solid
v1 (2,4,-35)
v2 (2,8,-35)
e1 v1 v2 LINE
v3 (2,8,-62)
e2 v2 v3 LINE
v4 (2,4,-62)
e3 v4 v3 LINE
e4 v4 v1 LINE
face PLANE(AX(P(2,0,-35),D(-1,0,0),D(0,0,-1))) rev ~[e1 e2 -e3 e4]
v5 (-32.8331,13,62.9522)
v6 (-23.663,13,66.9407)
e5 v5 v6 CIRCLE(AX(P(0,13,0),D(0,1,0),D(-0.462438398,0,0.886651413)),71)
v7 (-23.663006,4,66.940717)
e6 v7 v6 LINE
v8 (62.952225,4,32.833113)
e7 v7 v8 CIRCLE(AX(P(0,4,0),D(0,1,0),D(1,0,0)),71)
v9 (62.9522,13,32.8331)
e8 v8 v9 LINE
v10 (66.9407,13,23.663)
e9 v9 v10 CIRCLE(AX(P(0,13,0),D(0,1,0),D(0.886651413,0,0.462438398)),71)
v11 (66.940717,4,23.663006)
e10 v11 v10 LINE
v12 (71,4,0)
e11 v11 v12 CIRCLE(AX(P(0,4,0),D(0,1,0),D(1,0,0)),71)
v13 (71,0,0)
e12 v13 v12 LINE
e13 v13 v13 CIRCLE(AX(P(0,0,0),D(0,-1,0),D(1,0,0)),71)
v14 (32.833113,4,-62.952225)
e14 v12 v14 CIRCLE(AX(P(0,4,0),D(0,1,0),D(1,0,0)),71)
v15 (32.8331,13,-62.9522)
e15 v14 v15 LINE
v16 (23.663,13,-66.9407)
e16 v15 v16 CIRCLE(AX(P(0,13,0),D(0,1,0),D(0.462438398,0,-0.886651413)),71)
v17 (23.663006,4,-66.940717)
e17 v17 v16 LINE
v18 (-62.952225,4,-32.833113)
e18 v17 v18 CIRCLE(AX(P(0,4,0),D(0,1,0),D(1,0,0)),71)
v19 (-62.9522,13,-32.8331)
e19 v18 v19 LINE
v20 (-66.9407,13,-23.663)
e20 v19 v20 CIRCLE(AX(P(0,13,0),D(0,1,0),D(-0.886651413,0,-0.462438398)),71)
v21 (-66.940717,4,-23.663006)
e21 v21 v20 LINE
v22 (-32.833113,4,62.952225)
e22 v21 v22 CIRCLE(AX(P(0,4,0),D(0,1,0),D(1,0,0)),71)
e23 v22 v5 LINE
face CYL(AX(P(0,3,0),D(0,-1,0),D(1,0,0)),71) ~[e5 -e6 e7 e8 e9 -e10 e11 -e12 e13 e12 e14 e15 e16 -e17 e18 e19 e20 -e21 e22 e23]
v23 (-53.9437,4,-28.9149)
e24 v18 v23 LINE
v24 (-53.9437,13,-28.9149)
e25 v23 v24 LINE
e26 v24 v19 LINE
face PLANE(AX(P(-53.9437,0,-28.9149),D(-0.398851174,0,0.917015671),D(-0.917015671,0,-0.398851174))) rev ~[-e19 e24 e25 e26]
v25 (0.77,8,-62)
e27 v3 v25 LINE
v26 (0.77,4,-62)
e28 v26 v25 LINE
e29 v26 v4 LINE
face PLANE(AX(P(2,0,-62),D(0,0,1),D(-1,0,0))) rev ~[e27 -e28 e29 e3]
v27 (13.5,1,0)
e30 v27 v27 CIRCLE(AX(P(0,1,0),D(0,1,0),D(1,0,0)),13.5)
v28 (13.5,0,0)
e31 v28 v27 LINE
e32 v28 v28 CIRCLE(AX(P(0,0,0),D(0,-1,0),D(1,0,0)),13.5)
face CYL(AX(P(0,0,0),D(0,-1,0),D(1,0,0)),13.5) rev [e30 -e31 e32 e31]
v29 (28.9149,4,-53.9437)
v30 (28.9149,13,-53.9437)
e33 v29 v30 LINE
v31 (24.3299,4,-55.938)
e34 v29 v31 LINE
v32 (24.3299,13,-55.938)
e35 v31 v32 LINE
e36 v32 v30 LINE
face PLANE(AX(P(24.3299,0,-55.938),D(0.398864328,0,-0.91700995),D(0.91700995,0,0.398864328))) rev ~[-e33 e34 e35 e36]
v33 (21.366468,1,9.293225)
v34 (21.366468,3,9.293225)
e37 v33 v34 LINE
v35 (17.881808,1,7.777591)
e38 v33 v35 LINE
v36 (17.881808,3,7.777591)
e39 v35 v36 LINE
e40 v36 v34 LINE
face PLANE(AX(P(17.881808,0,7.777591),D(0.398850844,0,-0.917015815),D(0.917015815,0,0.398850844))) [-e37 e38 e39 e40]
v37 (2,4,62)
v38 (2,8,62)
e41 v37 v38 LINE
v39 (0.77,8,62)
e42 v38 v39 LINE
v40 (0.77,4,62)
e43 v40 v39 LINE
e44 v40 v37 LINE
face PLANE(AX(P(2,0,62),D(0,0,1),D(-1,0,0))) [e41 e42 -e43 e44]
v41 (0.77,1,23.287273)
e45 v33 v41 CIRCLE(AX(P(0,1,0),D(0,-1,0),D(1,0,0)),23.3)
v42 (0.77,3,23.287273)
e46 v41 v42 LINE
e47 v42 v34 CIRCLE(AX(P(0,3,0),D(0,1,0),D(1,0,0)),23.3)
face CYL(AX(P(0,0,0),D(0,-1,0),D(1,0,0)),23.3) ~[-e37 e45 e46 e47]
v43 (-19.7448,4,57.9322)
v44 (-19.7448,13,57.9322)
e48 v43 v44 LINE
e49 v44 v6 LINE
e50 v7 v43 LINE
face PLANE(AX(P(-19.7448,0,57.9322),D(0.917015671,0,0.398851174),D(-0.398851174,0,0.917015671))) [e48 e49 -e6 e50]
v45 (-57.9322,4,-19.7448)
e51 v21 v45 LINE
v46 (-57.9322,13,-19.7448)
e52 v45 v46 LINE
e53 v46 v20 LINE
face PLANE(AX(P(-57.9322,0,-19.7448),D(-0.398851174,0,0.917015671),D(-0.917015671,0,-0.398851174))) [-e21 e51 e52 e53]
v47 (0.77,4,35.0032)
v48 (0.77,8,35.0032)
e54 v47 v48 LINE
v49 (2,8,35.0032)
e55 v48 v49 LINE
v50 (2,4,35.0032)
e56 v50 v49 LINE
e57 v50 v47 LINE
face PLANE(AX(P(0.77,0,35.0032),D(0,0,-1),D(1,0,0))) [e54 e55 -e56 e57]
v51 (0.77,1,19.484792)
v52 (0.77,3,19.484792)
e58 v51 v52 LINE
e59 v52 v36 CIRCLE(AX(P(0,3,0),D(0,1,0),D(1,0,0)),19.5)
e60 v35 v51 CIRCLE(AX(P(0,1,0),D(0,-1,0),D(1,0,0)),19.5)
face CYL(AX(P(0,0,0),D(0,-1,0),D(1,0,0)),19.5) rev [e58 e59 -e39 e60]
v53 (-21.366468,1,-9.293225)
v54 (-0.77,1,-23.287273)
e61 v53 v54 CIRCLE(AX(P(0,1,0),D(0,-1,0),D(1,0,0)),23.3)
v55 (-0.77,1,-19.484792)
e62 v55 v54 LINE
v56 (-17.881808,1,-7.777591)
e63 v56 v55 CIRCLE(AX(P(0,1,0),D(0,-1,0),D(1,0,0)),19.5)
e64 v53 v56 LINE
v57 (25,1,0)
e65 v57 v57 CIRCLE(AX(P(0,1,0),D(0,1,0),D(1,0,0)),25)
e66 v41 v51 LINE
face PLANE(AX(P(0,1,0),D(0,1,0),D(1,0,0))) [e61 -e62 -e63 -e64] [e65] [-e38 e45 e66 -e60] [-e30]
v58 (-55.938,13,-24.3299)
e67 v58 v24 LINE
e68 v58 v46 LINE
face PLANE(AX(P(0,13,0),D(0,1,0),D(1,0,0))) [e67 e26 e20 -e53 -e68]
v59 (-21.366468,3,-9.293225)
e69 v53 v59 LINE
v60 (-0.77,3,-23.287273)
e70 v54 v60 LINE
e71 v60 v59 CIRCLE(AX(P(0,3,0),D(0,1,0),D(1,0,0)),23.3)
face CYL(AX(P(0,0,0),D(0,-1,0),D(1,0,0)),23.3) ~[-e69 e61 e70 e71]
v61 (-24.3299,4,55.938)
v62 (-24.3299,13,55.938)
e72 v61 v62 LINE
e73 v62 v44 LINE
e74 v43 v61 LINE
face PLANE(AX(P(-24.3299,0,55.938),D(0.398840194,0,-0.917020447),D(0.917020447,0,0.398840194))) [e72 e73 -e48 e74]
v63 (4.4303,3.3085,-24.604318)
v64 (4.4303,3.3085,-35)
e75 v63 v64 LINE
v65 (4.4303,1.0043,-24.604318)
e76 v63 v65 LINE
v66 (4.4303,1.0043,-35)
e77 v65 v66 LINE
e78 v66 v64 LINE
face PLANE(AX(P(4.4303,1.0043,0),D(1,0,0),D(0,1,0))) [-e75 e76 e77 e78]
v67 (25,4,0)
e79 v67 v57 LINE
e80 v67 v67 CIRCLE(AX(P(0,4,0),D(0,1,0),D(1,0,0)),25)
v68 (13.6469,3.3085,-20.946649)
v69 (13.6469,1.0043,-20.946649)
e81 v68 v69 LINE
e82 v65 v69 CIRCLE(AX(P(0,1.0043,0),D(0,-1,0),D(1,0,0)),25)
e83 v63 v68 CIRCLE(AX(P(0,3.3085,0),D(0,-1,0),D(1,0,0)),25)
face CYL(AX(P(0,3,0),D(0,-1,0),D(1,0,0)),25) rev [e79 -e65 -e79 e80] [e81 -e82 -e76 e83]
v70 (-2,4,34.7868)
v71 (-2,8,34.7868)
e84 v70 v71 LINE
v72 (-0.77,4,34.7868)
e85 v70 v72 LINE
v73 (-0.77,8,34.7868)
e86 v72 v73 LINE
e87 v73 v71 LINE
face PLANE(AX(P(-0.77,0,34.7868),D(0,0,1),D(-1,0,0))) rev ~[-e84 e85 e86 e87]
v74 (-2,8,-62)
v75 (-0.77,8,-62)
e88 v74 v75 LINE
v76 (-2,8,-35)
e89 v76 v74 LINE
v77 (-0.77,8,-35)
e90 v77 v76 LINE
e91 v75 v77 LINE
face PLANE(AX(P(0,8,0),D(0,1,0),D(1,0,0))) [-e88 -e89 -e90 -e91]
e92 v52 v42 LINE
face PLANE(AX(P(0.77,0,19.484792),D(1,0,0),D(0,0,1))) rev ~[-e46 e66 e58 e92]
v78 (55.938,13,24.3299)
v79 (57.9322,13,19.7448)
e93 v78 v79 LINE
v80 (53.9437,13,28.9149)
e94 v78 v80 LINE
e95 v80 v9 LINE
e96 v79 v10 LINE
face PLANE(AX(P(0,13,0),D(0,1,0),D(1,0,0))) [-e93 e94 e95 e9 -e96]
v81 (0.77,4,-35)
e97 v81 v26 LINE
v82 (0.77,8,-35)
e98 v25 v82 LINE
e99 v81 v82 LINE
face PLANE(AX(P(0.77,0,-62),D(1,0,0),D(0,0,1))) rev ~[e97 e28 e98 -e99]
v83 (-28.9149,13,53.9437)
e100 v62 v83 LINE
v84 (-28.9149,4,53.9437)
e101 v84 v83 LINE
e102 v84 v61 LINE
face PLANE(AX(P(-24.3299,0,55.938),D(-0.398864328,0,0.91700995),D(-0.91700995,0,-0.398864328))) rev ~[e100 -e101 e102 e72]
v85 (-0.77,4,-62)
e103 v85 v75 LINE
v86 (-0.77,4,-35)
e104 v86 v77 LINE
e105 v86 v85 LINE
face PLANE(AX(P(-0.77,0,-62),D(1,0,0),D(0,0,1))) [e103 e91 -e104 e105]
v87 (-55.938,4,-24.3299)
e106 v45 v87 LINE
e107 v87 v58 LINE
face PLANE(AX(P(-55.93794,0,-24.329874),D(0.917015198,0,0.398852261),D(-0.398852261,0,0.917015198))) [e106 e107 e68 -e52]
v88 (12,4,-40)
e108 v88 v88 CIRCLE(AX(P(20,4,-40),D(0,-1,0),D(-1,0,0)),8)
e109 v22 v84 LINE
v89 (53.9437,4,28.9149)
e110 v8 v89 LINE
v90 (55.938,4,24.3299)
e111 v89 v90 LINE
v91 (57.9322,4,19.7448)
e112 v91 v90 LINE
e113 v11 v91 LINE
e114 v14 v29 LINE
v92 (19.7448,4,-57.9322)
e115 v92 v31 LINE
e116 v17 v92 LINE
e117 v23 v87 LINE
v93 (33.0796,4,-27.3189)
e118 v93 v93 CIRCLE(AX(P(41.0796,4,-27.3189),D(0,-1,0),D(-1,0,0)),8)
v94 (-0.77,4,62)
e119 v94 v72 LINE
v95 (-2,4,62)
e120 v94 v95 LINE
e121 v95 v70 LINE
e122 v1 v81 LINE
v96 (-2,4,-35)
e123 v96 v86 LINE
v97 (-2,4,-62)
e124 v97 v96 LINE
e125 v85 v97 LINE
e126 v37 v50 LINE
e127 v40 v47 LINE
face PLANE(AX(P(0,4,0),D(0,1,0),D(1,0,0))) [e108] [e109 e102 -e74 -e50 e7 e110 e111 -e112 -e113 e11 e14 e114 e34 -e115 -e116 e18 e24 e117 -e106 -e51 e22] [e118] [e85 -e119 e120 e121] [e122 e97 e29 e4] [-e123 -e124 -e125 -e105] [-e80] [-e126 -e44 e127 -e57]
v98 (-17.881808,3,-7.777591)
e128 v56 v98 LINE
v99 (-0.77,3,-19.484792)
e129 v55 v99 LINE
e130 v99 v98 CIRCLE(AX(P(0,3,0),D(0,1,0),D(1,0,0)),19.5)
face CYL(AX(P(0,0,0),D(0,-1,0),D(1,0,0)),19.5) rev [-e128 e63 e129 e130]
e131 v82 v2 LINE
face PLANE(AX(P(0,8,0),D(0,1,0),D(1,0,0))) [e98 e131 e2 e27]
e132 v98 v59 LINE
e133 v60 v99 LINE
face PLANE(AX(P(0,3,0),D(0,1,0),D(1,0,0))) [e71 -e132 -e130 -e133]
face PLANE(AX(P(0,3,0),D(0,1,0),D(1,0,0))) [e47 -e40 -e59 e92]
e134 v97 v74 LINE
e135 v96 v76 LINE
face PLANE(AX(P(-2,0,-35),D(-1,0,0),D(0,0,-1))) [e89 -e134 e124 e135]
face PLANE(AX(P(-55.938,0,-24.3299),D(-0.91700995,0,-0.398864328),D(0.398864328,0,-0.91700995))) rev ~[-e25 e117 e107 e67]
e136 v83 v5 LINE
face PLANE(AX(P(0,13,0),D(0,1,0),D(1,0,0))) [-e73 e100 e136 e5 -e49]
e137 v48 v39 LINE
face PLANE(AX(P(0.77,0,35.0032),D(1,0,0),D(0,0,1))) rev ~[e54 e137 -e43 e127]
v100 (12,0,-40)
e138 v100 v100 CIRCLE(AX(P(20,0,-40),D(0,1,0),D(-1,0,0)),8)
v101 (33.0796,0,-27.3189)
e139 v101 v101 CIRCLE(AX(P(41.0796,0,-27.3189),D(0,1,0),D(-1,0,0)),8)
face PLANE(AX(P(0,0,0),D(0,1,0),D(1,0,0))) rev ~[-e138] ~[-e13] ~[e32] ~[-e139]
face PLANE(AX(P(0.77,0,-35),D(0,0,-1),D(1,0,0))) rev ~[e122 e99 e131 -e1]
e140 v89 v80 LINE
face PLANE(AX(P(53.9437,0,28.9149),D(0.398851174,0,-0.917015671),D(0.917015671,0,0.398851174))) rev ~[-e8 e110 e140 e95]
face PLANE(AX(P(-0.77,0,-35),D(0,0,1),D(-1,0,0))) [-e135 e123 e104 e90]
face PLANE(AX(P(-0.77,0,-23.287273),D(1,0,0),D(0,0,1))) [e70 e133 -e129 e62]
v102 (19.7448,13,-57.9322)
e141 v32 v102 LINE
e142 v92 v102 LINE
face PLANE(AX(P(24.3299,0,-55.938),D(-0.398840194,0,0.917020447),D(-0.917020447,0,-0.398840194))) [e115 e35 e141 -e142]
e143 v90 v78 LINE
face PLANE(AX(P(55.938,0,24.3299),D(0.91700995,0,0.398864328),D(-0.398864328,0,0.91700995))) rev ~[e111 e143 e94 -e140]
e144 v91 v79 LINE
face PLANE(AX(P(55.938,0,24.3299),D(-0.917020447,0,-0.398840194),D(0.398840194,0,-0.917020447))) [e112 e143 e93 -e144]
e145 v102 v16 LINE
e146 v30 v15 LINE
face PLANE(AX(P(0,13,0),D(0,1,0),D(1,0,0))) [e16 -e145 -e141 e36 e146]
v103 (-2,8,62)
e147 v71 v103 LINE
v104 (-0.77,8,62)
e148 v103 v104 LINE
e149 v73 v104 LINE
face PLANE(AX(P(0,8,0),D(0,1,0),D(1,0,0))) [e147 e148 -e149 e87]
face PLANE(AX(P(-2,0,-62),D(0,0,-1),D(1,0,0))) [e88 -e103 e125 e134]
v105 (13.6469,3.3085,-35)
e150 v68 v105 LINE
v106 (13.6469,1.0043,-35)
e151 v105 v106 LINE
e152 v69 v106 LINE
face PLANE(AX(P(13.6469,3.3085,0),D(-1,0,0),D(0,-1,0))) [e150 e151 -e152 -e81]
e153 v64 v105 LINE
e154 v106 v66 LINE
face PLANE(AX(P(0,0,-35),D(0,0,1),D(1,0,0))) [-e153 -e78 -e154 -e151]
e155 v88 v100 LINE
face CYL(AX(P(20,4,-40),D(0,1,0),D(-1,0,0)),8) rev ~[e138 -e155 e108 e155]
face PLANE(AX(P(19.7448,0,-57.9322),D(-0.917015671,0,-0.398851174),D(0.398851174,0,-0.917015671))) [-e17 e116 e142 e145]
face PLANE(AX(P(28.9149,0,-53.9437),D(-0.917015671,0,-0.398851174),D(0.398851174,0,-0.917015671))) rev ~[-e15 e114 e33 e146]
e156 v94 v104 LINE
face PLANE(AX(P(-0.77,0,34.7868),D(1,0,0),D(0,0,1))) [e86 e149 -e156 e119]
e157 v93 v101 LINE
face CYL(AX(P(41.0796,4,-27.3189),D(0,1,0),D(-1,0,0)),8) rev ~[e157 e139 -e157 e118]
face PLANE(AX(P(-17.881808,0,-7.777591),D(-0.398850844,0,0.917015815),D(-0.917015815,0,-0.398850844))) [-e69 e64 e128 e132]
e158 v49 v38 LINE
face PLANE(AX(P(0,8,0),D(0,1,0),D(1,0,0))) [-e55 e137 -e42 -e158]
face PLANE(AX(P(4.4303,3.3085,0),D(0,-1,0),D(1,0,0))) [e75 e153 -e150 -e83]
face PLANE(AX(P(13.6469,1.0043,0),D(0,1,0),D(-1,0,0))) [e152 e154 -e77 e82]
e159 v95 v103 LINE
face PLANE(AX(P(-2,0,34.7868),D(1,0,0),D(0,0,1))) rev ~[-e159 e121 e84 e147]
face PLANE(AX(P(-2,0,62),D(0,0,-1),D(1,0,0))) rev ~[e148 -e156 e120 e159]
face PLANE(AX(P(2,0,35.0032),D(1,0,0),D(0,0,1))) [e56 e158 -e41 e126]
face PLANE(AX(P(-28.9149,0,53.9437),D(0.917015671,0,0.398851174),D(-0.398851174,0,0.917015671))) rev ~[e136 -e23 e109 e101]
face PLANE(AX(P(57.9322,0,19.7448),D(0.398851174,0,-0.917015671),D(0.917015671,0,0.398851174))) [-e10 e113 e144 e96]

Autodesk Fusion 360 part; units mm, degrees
sketch "Sketch1" plane through (0, 0, 0) normal (0, 1, 0) x (1, 0, 0)
  circle A0 centre (0, 0) radius 13.5
  circle A1 centre (0, 0) radius 19.35
  circle A2 centre (0, 0) radius 19.5
  circle A3 centre (0, 0) radius 23.3
  circle A4 centre (0, 0) radius 71
  line L0 (0, 0) -> (0, 71)
  line L1 (0, 0) -> (0, -71)
  line L2 (0, 0) -> (0.77, 0)
  line L3 (0.77, 0) -> (0.77, -76)
  line L4 (0.77, -76) -> (0, -76)
  line L5 (0, -76) -> (0, 0)
  line L6 (0, 0) -> (-0.77, 0)
  line L7 (-0.77, 0) -> (-0.77, -76)
  line L8 (-0.77, -76) -> (0, -76)
  line L9 (0, -76) -> (0, 0)
  line L10 (-0.77, 0) -> (0, 0)
  line L11 (0, 0) -> (0, 73)
  line L12 (0, 73) -> (-0.77, 73)
  line L13 (-0.77, 73) -> (-0.77, 0)
  line L14 (0, 73) -> (0.77, 73)
  line L15 (0.77, 73) -> (0.77, 0)
  line L16 (0.77, 0) -> (0, 0)
  line L17 (0, 0) -> (0, 73)
  line L18 (0, 0) -> (0, 35)
  line L19 (0, 0) -> (0, -35)
  line L20 (-0.77, 35) -> (-2, 35)
  line L21 (-2, 35) -> (-2, 62)
  line L22 (-2, 62) -> (-0.77, 62)
  line L23 (-0.77, 62) -> (-0.77, 35)
  line L24 (0.77, 35) -> (2, 35)
  line L25 (2, 35) -> (2, 62)
  line L26 (2, 62) -> (0.77, 62)
  line L27 (0.77, 62) -> (0.77, 35)
  line L28 (0.77, -35.0032) -> (2, -35.0032)
  line L29 (2, -35.0032) -> (2, -62)
  line L30 (2, -62) -> (0.77, -62)
  line L31 (0.77, -62) -> (0.77, -35.0032)
  line L32 (-0.77, -34.7868) -> (-2, -34.7868)
  line L33 (-2, -34.7868) -> (-2, -62)
  line L34 (-2, -62) -> (-0.77, -62)
  line L35 (-0.77, -62) -> (-0.77, -34.7868)
  line L36 (0, 0) -> (65.1081, -28.3184)
  line L37 (0, 0) -> (-28.3184, -65.1081)
  line L38 (-28.3184, -65.1081) -> (28.3184, 65.1081)
  line L39 (28.3184, 65.1081) -> (24.3299, 55.938)
  line L40 (0, 0) -> (-65.1081, 28.3184)
  line L41 (-65.1081, 28.3184) -> (-55.938, 24.3299)
  line L42 (65.1081, -28.3184) -> (55.938, -24.3299)
  line L43 (-28.3184, -65.1081) -> (-24.3299, -55.938)
  line L44 (-55.938, 24.3299) -> (-53.9437, 28.9149)
  line L45 (24.3299, 55.938) -> (28.9149, 53.9437)
  line L46 (55.938, -24.3299) -> (57.9322, -19.7448)
  line L47 (-24.3299, -55.938) -> (-19.7448, -57.9322)
  line L48 (-53.9437, 28.9149) -> (-62.9522, 32.8331)
  line L49 (-53.9437, 28.9149) -> (-57.9322, 19.7448)
  line L50 (-57.9322, 19.7448) -> (-66.9407, 23.663)
  line L51 (-24.3299, -55.938) -> (-28.9149, -53.9437)
  line L52 (-28.9149, -53.9437) -> (-32.8331, -62.9522)
  line L53 (-19.7448, -57.9322) -> (-23.663, -66.9407)
  line L54 (57.9322, -19.7448) -> (66.9407, -23.663)
  line L55 (55.938, -24.3299) -> (53.9437, -28.9149)
  line L56 (53.9437, -28.9149) -> (62.9522, -32.8331)
  line L57 (28.9149, 53.9437) -> (32.8331, 62.9522)
  line L58 (24.3299, 55.938) -> (19.7448, 57.9322)
  line L59 (19.7448, 57.9322) -> (23.663, 66.9407)
  circle A5 centre (0, 0) radius 25
  dimension "d1" = 27
  dimension "d2" = 38.7
  dimension "d3" = 39
  dimension "d4" = 46.6
  dimension "d5" = 142
  dimension "d6" = 0.77
  dimension "d7" = 0.77
  dimension "d8" = 35
  dimension "d9" = 35
  dimension "d10" = 10
  dimension "d11" = 10
  dimension "d12" = 10
  dimension "d13" = 10
  dimension "d14" = 5
  dimension "d15" = 5
  dimension "d16" = 5
  dimension "d17" = 5
  dimension "d18" = 10
  dimension "d19" = 5
  dimension "d20" = 5
  dimension "d21" = 5
  dimension "d22" = 50
extrude "Extrude1" add sketch "Sketch1" along normal blind 3 contours A4 L15 L24 L25 L26 L38 L58 L59 A5 | A4 L36 L38 L45 L46 L54 L57 A5 | A4 L3 L28 L29 L30 L36 L55 L56 A5 | A4 L0 L11 L15 L17 L18 L27 A5 | A4 L38 L39 L58 L59 | A4 L38 L39 L45 L57 | A4 L1 L3 L5 L9 L19 L31 A5 | A4 L36 L42 L46 L54 | A4 L36 L42 L55 L56 | A4 L0 L11 L13 L17 L18 L23 A5 | L15 L24 L25 L26 L27 | A4 L1 L5 L7 L9 L19 L35 A5 | L3 L28 L29 L30 L31 | A4 L13 L20 L21 L22 L40 L44 L48 L49 A5 | A4 L7 L32 L33 L34 L37 L38 L47 L53 A5 | A4 L37 L38 L40 L49 L50 L51 L52 A5 | L13 L20 L21 L22 L23 | L7 L32 L33 L34 L35 | A4 L40 L41 L49 L50 | A4 L40 L41 L44 L48 L49 | A4 L37 L38 L43 L47 L53 | A4 L37 L38 L43 L51 L52
extrude "Extrude2" add sketch "Sketch1" along normal blind 13 contours A4 L38 L39 L58 L59 | A4 L38 L39 L45 L57 | A4 L36 L42 L46 L54 | A4 L36 L42 L55 L56 | A4 L40 L41 L49 L50 | A4 L40 L41 L44 L48 L49 | A4 L37 L38 L43 L47 L53 | A4 L37 L38 L43 L51 L52
extrude "Extrude3" add sketch "Sketch1" along normal blind 8 contours L15 L24 L25 L26 L27 | L3 L28 L29 L30 L31 | L13 L20 L21 L22 L23 | L7 L32 L33 L34 L35
extrude "Extrude4" add 1 faces at (37.708, 3, 34.8341) along direction (0, 1, 0) blind 1
sketch "Sketch2" plane through (0, 4, 0) normal (0, 1, 0) x (-1, 0, 0)
  line L0 (-0.77, -62) -> (-2, -62)
  line L1 (-2, -62) -> (-2, -35)
  line L2 (-2, -35) -> (-0.77, -35)
  line L3 (-0.77, -35) -> (-0.77, -62)
  line L4 (0.77, 62) -> (2, 62)
  line L5 (2, 62) -> (2, 34.7868)
  line L6 (2, 34.7868) -> (0.77, 34.7868)
  line L7 (0.77, 34.7868) -> (0.77, 62)
  line L8 (0.77, -62) -> (0.77, -35)
  line L9 (0.77, -35) -> (2, -35)
  line L10 (2, -35) -> (2, -62)
  line L11 (2, -62) -> (0.77, -62)
  line L12 (-0.77, 62) -> (-0.77, 35.0032)
  line L13 (-0.77, 35.0032) -> (-2, 35.0032)
  line L14 (-2, 35.0032) -> (-2, 62)
  line L15 (-2, 62) -> (-0.77, 62)
  circle A0 centre (0, 0) radius 25
  line L16 (-62.9522, 32.8331) -> (-53.9437, 28.9149)
  line L17 (-53.9437, 28.9149) -> (-57.9322, 19.7448)
  line L18 (-57.9322, 19.7448) -> (-66.9407, 23.663)
  arc A1 (-66.9407, 23.663) -> (-32.8331, -62.9522) centre (0, 0) ccw
  line L19 (-32.8331, -62.9522) -> (-28.9149, -53.9437)
  line L20 (-28.9149, -53.9437) -> (-19.7448, -57.9322)
  line L21 (-19.7448, -57.9322) -> (-23.663, -66.9407)
  arc A2 (-23.663, -66.9407) -> (62.9522, -32.8331) centre (0, 0) ccw
  line L22 (62.9522, -32.8331) -> (53.9437, -28.9149)
  line L23 (53.9437, -28.9149) -> (57.9322, -19.7448)
  line L24 (57.9322, -19.7448) -> (66.9407, -23.663)
  arc A3 (66.9407, -23.663) -> (32.8331, 62.9522) centre (0, 0) ccw
  line L25 (32.8331, 62.9522) -> (28.9149, 53.9437)
  line L26 (28.9149, 53.9437) -> (19.7448, 57.9322)
  line L27 (19.7448, 57.9322) -> (23.663, 66.9407)
  arc A4 (23.663, 66.9407) -> (-62.9522, 32.8331) centre (0, 0) ccw
  line L28 (0, 0) -> (-20, -40)
  circle A5 centre (-20, -40) radius 8
  line L29 (-20, -40) -> (-12.8446, -43.5777)
  line L30 (-20, -40) -> (-54.5328, -19.2256)
  line L31 (-26.8552, -35.8761) -> (-34.2244, -31.4428)
  line L32 (-34.2244, -31.4428) -> (-41.0796, -27.3189)
  circle A6 centre (-41.0796, -27.3189) radius 8
  dimension "d31" = 16
  dimension "d32" = 40.3
  dimension "d33" = 8.6
  dimension "d34" = 8
  dimension "d35" = 16
extrude "Extrude5" cut sketch "Sketch2" against normal blind 36 contours L28 A5 L29 | L28 A5 L30 | A5 L29 L30 | L30 L32 A6 | L30 L32 A6
extrude "Extrude6" add sketch "Sketch1" along normal blind 1 contours A0 L3 L15 L36 L38 | A0 A1 L36 L38 | A0 L15 L38 | A0 A1 L15 L38 | A0 A1 L3 L36 | A0 L3 L36 | A0 L0 L11 L15 L17 L18 L38 | A0 A1 L0 L11 L15 L17 L18 | L2 L15 L16 L38 | A1 A2 L36 L38 | A1 A2 L15 L38 | A0 A1 L1 L3 L5 L9 L19 | A0 L1 L3 L5 L9 L19 L36 | L2 L3 L16 L36 | A1 A2 L3 L36 | A0 L0 L11 L13 L17 L18 L40 | A0 A1 L0 L11 L13 L17 L18 | A1 A2 L0 L11 L15 L17 L18 | L6 L7 L10 L37 L38 | A0 L1 L5 L7 L9 L19 L37 L38 | L6 L10 L13 L40 | A2 A3 L36 L38 | A2 A3 L15 L38 | A0 A1 L1 L5 L7 L9 L19 | A1 A2 L1 L3 L5 L9 L19 | A2 A3 L3 L36 | A0 L13 L40 | A0 A1 L13 L40 | A1 A2 L0 L11 L13 L17 L18 | A2 A3 L0 L11 L15 L17 L18 | A0 L7 L13 L37 L38 L40 | A0 L7 L37 L38 | A3 L36 L38 A5 | A3 L15 L38 A5 | A0 A1 L7 L37 L38 | A1 A2 L1 L5 L7 L9 L19 | A2 A3 L1 L3 L5 L9 L19 | A3 L3 L36 A5 | A0 A1 L37 L38 L40 | A1 A2 L13 L40 | A2 A3 L0 L11 L13 L17 L18 | A3 L0 L11 L15 L17 L18 A5 | A1 A2 L7 L37 L38 | A2 A3 L1 L5 L7 L9 L19 | A3 L1 L3 L5 L9 L19 A5 | A1 A2 L37 L38 L40 | A2 A3 L13 L40 | A3 L0 L11 L13 L17 L18 A5 | A2 A3 L7 L37 L38 | A3 L1 L5 L7 L9 L19 A5 | A2 A3 L37 L38 L40 | A3 L13 L40 A5 | A3 L7 L37 L38 A5 | A3 L37 L38 L40 A5
sketch "Sketch3" plane through (0, 0, 0) normal (0, 0, 1) x (1, 0, 0)
  line L0 (4.4303, 3.3085) -> (13.6469, 3.3085)
  line L1 (13.6469, 3.3085) -> (13.6469, 1.0043)
  line L2 (13.6469, 1.0043) -> (4.4303, 1.0043)
  line L3 (4.4303, 1.0043) -> (4.4303, 3.3085)
extrude "Extrude7" cut sketch "Sketch3" against normal blind 35
sketch "Sketch4" plane through (0, 1, 0) normal (0, 1, 0) x (-1, 0, 0)
  circle A0 centre (0, 0) radius 25
  circle A1 centre (-5.7905, -31.8479) radius 4.9823
sketch "Sketch5" plane through (0, 1, 0) normal (0, 1, 0) x (-1, 0, 0)
sketch "Sketch6" plane through (0, 0, 0) normal (0, 0, 1) x (1, 0, 0)
  circle A0 centre (0, 8.5) radius 1.5
  dimension "d42" = 3
extrude "Extrude8" cut sketch "Sketch1" along normal blind 28 contours A0 L3 L15 L36 L38 | A0 L15 L38 | A0 L3 L36 | A0 L0 L11 L15 L17 L18 L38 | L2 L15 L16 L38 | A0 L1 L3 L5 L9 L19 L36 | L2 L3 L16 L36 | A0 L0 L11 L13 L17 L18 L40 | L6 L7 L10 L37 L38 | A0 L1 L5 L7 L9 L19 L37 L38 | L6 L10 L13 L40 | A0 L13 L40 | A0 L7 L13 L37 L38 L40 | A0 L7 L37 L38
extrude "Extrude9" add sketch "Sketch1" along normal blind 3 contours A2 A3 L3 L36 | A2 A3 L13 L40
